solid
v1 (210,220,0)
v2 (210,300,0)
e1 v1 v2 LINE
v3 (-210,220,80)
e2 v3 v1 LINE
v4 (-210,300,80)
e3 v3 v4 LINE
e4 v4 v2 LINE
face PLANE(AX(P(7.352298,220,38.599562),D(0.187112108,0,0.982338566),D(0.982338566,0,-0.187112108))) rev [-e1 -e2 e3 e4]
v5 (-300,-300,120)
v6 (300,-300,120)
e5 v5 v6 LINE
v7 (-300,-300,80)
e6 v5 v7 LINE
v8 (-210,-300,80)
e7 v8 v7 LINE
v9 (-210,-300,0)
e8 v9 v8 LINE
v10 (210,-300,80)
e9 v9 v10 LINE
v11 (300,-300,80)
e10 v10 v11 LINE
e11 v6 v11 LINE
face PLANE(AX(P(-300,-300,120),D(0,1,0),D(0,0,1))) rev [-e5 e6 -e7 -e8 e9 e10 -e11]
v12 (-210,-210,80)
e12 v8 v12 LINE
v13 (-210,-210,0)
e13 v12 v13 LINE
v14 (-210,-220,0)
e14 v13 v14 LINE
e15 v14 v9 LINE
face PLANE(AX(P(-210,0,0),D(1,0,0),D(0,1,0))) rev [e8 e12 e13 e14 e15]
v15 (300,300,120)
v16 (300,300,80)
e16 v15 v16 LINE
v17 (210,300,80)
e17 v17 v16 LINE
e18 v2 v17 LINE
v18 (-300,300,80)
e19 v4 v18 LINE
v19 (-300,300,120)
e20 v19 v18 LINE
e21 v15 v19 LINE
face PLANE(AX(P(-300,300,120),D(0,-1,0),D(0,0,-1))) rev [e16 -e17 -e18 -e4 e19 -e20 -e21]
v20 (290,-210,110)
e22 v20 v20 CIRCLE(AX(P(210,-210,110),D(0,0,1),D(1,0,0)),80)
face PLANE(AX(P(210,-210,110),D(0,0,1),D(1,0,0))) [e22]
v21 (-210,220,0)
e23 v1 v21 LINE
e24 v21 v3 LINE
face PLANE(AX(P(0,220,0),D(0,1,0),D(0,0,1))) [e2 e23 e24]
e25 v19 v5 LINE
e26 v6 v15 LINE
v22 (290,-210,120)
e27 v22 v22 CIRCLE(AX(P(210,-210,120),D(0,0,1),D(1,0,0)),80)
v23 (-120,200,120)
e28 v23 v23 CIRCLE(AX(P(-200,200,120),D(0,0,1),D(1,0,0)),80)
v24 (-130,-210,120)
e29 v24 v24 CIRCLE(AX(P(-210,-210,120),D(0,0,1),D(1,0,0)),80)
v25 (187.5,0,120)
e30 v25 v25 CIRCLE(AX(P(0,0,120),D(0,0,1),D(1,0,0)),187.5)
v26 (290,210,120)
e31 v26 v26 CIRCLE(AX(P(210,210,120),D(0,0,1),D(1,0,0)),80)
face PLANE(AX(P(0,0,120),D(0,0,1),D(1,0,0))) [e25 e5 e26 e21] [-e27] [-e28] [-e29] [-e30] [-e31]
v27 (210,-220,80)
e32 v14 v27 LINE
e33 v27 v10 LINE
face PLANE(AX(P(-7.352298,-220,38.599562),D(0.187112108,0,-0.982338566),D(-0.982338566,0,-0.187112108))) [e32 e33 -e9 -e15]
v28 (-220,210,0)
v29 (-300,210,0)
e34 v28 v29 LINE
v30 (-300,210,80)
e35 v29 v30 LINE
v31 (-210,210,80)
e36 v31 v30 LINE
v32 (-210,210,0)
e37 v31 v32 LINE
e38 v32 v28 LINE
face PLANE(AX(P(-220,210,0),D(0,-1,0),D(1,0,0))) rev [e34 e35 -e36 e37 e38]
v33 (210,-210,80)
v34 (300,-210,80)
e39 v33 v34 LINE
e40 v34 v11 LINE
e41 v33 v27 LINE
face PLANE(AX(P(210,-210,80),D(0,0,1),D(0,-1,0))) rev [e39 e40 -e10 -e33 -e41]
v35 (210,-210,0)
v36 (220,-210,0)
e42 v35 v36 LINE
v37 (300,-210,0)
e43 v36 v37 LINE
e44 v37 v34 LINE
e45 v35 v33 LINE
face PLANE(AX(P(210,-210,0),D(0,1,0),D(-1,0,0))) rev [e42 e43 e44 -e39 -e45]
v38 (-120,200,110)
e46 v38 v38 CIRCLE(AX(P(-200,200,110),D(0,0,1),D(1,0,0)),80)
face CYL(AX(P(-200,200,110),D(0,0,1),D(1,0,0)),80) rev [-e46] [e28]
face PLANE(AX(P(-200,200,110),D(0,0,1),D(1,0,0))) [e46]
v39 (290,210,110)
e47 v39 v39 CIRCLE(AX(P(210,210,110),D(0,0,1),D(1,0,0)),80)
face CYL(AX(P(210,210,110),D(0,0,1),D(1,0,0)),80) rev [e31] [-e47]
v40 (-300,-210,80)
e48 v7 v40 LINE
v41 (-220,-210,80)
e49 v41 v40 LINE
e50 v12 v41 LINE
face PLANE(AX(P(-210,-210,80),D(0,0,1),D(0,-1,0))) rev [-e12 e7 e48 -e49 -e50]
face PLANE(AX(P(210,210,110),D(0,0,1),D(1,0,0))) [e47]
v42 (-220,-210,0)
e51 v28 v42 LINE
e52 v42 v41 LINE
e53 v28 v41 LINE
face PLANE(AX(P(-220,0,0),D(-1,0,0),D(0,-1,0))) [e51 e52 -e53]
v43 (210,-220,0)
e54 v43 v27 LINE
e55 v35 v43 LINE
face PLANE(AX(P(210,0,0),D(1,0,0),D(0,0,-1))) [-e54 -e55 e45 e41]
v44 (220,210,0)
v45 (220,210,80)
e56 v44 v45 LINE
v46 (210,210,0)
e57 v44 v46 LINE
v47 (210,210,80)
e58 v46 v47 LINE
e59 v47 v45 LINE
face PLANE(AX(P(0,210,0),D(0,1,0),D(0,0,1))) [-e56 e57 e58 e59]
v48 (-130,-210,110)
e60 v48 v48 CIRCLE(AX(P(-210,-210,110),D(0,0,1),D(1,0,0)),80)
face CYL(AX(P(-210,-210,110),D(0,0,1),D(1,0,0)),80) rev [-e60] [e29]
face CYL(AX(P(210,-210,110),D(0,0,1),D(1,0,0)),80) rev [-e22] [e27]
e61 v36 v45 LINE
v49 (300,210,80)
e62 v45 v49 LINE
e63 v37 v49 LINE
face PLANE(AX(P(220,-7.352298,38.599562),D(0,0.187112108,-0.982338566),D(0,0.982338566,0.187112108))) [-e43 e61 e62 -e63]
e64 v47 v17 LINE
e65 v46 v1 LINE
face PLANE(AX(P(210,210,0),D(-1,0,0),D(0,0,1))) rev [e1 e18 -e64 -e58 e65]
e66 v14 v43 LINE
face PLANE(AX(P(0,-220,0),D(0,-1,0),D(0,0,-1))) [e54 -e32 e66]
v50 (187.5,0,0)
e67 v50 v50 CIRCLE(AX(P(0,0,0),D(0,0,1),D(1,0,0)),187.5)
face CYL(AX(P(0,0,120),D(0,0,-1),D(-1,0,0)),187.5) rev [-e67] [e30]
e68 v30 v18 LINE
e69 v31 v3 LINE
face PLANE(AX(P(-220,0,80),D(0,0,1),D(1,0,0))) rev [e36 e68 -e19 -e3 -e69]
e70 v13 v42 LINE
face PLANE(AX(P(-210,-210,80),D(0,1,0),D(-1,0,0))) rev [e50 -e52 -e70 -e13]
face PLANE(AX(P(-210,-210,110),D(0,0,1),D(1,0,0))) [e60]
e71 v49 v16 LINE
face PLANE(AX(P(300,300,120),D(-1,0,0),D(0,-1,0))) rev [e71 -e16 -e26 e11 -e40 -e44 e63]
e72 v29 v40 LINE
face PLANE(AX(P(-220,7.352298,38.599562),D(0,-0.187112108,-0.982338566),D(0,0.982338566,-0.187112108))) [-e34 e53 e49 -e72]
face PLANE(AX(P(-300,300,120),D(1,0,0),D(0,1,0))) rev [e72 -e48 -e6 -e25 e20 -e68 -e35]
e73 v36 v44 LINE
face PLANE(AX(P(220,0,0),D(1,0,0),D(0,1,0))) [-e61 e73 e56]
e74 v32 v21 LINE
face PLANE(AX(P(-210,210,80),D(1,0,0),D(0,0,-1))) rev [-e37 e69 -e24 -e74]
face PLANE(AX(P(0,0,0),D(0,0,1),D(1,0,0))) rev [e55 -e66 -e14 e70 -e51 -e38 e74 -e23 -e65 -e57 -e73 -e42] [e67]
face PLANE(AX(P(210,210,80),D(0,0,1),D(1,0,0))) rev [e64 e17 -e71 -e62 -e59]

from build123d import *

# Parameters (mm, degrees)
CROQUIS1_W              = 600
CROQUIS1_H              = 600
CROQUIS1_R              = 187.5
SALIENTE_EXTRUIR1_DEPTH = 120
CROQUIS3_W              = 80
CROQUIS3_H              = 90
CORTAR_EXTRUIR2_DEPTH   = 80
CROQUIS5_W              = 80
CROQUIS5_H              = 90
CORTAR_EXTRUIR3_DEPTH   = 90
CORTAR_EXTRUIR4_DEPTH   = 80
CROQUIS7_W              = 89.245379234
CROQUIS7_H              = 80
CORTAR_EXTRUIR5_DEPTH   = 90
CORTAR_EXTRUIR13_DEPTH  = 80
CROQUIS10_W             = 90
CROQUIS10_H             = 80
CORTAR_EXTRUIR15_DEPTH  = 90
CORTAR_EXTRUIR17_DEPTH  = 80
CROQUIS12_W             = 80
CROQUIS12_H             = 90
CORTAR_EXTRUIR19_DEPTH  = 90
CROQUIS13_R             = 80
CORTAR_EXTRUIR20_DEPTH  = 10
CROQUIS14_R             = 80
CORTAR_EXTRUIR21_DEPTH  = 10


with BuildPart() as part:
    # Croquis1 → Saliente-Extruir1 (new body)
    with BuildSketch(Plane.XY):
        Rectangle(CROQUIS1_W, CROQUIS1_H)
        Circle(CROQUIS1_R, mode=Mode.SUBTRACT)
    extrude(amount=SALIENTE_EXTRUIR1_DEPTH)

    # Croquis3 → Cortar-Extruir2 (cut)
    with BuildSketch(Plane.ZY.offset(300)):
        Polygon((0, 210), (0, -210), (80, -210), align=None)
        with Locations((40, 255)):
            Rectangle(CROQUIS3_W, CROQUIS3_H)
    extrude(amount=-CORTAR_EXTRUIR2_DEPTH, mode=Mode.SUBTRACT)

    # Croquis5 → Cortar-Extruir3 (cut)
    with BuildSketch(Plane.ZY.offset(300)):
        with Locations((40, -255)):
            Rectangle(CROQUIS5_W, CROQUIS5_H)
    extrude(amount=-CORTAR_EXTRUIR3_DEPTH, mode=Mode.SUBTRACT)

    # Croquis6 → Cortar-Extruir4 (cut)
    with BuildSketch(Plane(origin=(0, 300, 0), x_dir=(1, 0, 0), z_dir=(0, 1, 0))):
        Polygon((-210, -80), (210, 0), (-210, 0), align=None)
    extrude(amount=-CORTAR_EXTRUIR4_DEPTH, mode=Mode.SUBTRACT)

    # Croquis7 → Cortar-Extruir5 (cut)
    with BuildSketch(Plane(origin=(0, 300, 0), x_dir=(1, 0, 0), z_dir=(0, 1, 0))):
        with Locations((-254.622689617, -40)):
            Rectangle(CROQUIS7_W, CROQUIS7_H)
    extrude(amount=-CORTAR_EXTRUIR5_DEPTH, mode=Mode.SUBTRACT)

    # Croquis8 → Cortar-Extruir13 (cut)
    with BuildSketch(Plane(origin=(300, 0, 0), x_dir=(0, 0, -1), z_dir=(1, 0, 0))):
        Polygon((-80, 210), (0, -210), (0, 210), align=None)
    extrude(amount=-CORTAR_EXTRUIR13_DEPTH, mode=Mode.SUBTRACT)

    # Croquis10 → Cortar-Extruir15 (cut)
    with BuildSketch(Plane(origin=(0, 300, 0), x_dir=(1, 0, 0), z_dir=(0, 1, 0))):
        with Locations((255, -40)):
            Rectangle(CROQUIS10_W, CROQUIS10_H)
    extrude(amount=-CORTAR_EXTRUIR15_DEPTH, mode=Mode.SUBTRACT)

    # Croquis11 → Cortar-Extruir17 (cut)
    with BuildSketch(Plane.XZ.offset(300)):
        Polygon((210, 80), (-210, 0), (210, 0), align=None)
    extrude(amount=-CORTAR_EXTRUIR17_DEPTH, mode=Mode.SUBTRACT)

    # Croquis12 → Cortar-Extruir19 (cut)
    with BuildSketch(Plane(origin=(300, 0, 0), x_dir=(0, 0, -1), z_dir=(1, 0, 0))):
        with Locations((-40, -255)):
            Rectangle(CROQUIS12_W, CROQUIS12_H)
    extrude(amount=-CORTAR_EXTRUIR19_DEPTH, mode=Mode.SUBTRACT)

    # Croquis13 → Cortar-Extruir20 (cut)
    with BuildSketch(Plane.XY.offset(120)):
        with Locations((-200, 200)):
            Circle(CROQUIS13_R)
    extrude(amount=-CORTAR_EXTRUIR20_DEPTH, mode=Mode.SUBTRACT)

    # Croquis14 → Cortar-Extruir21 (cut)
    with BuildSketch(Plane.XY.offset(120)):
        with Locations((-210, -210)):
            Circle(CROQUIS14_R)
        with Locations((210, -210)):
            Circle(CROQUIS14_R)
        with Locations((210, 210)):
            Circle(CROQUIS14_R)
    extrude(amount=-CORTAR_EXTRUIR21_DEPTH, mode=Mode.SUBTRACT)


solid = part.part
